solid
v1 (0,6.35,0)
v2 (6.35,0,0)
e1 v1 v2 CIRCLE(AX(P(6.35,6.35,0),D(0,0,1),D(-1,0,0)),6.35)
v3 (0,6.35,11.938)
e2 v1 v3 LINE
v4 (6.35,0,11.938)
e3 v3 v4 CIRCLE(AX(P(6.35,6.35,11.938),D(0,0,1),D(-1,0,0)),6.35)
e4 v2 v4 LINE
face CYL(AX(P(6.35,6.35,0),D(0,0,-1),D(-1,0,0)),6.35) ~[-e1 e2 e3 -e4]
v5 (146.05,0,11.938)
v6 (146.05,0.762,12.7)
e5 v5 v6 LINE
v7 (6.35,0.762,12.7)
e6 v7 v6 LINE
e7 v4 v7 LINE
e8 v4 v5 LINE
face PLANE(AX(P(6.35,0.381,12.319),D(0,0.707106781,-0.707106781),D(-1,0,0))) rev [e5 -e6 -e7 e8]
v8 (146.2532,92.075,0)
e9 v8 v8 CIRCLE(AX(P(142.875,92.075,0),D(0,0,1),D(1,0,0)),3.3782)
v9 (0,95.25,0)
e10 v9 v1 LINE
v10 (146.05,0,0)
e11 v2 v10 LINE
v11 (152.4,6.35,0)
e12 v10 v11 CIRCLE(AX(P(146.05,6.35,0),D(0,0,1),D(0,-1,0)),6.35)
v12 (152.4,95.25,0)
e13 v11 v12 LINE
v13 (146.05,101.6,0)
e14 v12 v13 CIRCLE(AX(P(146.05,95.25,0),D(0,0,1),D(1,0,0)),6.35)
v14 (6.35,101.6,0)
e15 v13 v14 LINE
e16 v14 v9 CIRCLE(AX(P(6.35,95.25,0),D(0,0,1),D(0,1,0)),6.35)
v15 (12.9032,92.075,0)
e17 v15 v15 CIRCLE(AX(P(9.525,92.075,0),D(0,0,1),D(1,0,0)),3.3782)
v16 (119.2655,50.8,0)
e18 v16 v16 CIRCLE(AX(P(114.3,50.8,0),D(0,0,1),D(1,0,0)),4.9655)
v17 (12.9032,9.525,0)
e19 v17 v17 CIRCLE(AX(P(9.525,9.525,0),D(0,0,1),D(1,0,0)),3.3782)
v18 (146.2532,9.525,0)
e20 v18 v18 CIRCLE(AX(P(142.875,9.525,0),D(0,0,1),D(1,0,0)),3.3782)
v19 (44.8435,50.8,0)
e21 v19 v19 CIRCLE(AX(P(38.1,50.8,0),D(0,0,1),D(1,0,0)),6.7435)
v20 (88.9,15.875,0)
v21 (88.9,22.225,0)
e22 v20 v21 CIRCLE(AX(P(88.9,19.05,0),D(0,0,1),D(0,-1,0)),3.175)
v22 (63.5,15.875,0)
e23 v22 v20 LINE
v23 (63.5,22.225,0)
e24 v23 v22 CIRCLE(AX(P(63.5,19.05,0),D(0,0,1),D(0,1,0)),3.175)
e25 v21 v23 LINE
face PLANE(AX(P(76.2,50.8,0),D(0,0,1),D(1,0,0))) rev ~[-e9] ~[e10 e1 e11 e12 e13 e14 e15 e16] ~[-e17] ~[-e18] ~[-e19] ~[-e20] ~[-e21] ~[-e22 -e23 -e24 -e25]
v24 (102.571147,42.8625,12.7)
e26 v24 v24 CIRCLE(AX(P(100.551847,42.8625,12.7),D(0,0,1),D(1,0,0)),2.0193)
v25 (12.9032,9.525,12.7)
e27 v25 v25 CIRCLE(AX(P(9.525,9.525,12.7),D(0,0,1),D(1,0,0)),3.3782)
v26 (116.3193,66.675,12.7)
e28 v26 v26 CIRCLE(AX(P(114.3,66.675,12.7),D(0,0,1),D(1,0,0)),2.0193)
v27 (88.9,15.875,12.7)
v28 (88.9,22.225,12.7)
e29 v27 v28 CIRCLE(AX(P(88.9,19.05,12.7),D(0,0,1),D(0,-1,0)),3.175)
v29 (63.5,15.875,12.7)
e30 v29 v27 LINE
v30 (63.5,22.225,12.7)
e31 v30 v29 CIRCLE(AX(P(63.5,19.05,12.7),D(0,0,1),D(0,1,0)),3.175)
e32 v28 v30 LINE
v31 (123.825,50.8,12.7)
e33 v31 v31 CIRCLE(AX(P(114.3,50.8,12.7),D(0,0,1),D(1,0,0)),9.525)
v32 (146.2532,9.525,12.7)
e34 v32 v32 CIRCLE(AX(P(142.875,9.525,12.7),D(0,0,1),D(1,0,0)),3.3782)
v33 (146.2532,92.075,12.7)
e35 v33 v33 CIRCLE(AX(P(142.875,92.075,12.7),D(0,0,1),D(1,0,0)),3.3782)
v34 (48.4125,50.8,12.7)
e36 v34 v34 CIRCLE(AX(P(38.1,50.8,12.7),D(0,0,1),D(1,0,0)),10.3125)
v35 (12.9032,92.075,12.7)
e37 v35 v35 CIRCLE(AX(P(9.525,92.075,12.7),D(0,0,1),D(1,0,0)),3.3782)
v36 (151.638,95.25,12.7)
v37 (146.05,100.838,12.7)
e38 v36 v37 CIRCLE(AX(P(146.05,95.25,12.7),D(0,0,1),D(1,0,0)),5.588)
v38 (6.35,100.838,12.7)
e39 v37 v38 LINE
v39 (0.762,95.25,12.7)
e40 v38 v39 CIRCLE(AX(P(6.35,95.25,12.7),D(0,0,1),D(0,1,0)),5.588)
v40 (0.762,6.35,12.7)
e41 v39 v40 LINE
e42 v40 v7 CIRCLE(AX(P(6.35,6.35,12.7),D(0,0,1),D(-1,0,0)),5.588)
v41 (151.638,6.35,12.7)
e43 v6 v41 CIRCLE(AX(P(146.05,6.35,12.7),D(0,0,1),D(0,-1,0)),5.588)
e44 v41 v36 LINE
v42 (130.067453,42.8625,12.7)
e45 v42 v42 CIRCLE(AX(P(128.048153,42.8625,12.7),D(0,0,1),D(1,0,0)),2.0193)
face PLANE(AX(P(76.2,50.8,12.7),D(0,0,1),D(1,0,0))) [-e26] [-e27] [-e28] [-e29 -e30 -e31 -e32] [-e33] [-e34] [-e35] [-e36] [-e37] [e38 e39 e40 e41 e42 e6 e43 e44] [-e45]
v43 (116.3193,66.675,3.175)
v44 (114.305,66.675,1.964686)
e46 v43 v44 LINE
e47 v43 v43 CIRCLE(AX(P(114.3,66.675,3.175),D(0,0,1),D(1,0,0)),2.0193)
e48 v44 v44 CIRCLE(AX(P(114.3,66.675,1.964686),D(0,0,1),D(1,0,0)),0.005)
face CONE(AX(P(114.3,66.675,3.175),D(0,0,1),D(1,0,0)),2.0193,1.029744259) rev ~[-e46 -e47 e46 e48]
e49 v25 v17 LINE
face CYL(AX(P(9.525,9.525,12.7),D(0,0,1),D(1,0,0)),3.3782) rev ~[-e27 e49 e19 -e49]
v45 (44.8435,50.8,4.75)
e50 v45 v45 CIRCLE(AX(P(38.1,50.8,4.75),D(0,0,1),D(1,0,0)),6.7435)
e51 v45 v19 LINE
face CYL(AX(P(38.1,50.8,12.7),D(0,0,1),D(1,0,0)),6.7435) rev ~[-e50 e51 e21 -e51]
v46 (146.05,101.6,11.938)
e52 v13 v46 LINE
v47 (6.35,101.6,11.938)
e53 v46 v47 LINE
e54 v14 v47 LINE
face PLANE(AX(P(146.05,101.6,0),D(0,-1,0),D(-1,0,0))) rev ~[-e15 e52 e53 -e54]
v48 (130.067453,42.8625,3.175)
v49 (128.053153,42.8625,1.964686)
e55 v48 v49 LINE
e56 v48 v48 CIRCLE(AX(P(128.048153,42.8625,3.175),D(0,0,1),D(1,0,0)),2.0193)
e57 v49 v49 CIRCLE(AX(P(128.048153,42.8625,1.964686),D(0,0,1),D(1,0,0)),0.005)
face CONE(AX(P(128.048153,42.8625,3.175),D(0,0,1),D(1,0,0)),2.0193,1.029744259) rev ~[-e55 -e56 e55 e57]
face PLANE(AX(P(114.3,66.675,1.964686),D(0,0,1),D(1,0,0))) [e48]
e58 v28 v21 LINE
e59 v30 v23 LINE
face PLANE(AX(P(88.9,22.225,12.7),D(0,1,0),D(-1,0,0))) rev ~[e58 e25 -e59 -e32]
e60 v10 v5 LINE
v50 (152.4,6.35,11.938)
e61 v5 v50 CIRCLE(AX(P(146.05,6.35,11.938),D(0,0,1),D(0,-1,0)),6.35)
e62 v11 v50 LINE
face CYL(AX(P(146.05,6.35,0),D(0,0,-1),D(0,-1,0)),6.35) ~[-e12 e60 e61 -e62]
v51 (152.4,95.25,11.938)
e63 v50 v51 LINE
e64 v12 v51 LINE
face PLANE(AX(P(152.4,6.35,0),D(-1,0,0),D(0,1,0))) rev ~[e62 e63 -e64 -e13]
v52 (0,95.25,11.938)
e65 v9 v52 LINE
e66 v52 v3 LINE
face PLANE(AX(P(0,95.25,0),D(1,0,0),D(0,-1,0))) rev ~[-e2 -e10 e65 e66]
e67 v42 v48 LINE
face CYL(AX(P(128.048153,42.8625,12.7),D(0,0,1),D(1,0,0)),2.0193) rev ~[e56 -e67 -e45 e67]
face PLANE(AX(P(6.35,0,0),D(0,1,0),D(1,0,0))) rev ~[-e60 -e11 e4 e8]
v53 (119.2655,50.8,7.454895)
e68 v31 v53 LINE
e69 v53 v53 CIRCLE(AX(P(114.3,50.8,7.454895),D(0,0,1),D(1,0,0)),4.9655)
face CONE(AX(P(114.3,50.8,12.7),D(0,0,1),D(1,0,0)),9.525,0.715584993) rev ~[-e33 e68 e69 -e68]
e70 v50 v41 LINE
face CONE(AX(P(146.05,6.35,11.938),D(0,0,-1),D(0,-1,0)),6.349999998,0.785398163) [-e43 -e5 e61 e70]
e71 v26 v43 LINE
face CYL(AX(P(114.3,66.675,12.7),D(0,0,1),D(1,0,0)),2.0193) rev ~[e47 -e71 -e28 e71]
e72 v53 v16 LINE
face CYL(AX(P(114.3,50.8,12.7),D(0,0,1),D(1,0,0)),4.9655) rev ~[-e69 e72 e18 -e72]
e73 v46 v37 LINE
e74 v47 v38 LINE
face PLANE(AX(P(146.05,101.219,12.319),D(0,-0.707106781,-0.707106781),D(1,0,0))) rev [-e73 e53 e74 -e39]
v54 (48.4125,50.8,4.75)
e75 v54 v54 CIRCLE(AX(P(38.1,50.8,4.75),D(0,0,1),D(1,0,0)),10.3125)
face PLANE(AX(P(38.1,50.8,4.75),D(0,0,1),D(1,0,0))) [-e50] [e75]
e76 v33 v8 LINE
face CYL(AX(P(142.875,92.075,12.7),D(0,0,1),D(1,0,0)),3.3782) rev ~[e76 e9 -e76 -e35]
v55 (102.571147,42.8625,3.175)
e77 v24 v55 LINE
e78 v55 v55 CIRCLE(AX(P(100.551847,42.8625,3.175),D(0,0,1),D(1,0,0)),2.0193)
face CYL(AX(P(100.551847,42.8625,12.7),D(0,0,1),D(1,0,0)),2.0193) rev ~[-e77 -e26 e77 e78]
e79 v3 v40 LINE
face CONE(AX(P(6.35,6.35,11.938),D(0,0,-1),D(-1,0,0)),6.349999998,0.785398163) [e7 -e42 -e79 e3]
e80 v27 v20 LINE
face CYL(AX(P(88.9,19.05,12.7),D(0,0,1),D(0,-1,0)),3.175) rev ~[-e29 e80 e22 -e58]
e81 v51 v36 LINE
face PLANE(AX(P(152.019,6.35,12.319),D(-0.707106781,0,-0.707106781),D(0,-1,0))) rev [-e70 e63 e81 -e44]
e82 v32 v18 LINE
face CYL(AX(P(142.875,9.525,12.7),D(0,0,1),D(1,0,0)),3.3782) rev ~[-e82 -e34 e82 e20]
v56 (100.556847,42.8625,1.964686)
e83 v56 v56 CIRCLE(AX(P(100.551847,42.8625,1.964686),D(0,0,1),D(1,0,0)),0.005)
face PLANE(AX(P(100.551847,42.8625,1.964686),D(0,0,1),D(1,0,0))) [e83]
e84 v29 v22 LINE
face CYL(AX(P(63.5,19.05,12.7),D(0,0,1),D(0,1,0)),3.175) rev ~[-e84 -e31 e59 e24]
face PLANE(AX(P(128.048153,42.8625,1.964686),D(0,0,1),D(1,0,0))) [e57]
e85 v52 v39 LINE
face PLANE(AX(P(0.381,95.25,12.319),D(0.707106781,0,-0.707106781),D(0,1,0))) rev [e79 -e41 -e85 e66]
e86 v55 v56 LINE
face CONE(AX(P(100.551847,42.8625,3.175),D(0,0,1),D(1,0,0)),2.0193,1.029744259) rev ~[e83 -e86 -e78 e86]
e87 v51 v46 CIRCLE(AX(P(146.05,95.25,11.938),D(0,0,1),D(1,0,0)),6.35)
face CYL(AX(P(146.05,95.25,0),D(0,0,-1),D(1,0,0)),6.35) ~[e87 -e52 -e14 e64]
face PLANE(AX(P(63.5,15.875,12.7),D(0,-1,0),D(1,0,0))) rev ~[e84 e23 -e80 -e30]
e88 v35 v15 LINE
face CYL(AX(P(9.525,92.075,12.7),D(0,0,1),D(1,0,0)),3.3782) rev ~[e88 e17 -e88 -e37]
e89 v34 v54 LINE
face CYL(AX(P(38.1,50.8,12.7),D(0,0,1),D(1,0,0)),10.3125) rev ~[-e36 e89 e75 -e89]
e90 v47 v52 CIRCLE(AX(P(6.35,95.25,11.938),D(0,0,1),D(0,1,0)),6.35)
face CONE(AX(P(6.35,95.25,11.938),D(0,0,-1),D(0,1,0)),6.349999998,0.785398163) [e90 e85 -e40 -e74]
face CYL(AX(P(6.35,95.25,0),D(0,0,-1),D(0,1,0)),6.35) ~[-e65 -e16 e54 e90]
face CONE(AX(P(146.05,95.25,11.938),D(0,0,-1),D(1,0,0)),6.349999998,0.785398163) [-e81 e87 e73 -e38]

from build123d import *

# Parameters (mm, degrees)
EXTRUDE_1_DEPTH               = 12.7
SKETCH_2_R                    = 3.3782
CUT_EXTRUDE_1_DEPTH           = 184.601770144
SKETCH_5_R                    = 10.3125
CUT_EXTRUDE_4_DEPTH           = 7.95
SKETCH_6_R                    = 6.7435
CUT_EXTRUDE_5_DEPTH           = 184.601770144
SKETCH_7_R                    = 9.525
CUT_EXTRUDE_6_DEPTH           = 5.245104753
CUT_EXTRUDE_6_DRAFT           = -41
SKETCH_8_R                    = 4.9655
CUT_EXTRUDE_7_DEPTH           = 184.601770144
SKETCH_9_R                    = 2.0193
CUT_EXTRUDE_8_DEPTH           = 9.525
SKETCH_10_R                   = 2.0193
CUT_EXTRUDE_9_DEPTH           = 1.210313545
CUT_EXTRUDE_9_DRAFT           = -59
CUT_EXTRUDE_9_PROFILE_2_DEPTH = 1.210313545
CUT_EXTRUDE_9_PROFILE_2_DRAFT = -59
CUT_EXTRUDE_9_PROFILE_3_DEPTH = 1.210313545
CUT_EXTRUDE_9_PROFILE_3_DRAFT = -59
CUT_EXTRUDE_10_DEPTH          = 184.601770144
CHAMFER_1_SIZE                = 0.762


with BuildPart() as part:
    # 草图1 → 凸台-拉伸1 (new body)
    with BuildSketch(Plane.XY):
        with BuildLine():
            Line((6.35, 0), (146.05, 0))
            ThreePointArc((146.05, 0), (150.540128061, 1.859871939), (152.4, 6.35))
            Line((152.4, 6.35), (152.4, 95.25))
            ThreePointArc((152.4, 95.25), (150.540128061, 99.740128061), (146.05, 101.6))
            Line((146.05, 101.6), (6.35, 101.6))
            ThreePointArc((6.35, 101.6), (1.859871939, 99.740128061), (0, 95.25))
            Line((0, 95.25), (0, 6.35))
            ThreePointArc((0, 6.35), (1.859871939, 1.859871939), (6.35, 0))
        make_face()
    extrude(amount=EXTRUDE_1_DEPTH)

    # 草图2 → 切除-拉伸1 (cut, through all)
    with BuildSketch(Plane.XY.offset(12.7)):
        with Locations((9.525, 9.525)):
            Circle(SKETCH_2_R)
        with Locations((142.875, 9.525)):
            Circle(SKETCH_2_R)
        with Locations((9.525, 92.075)):
            Circle(SKETCH_2_R)
        with Locations((142.875, 92.075)):
            Circle(SKETCH_2_R)
    extrude(amount=-CUT_EXTRUDE_1_DEPTH, mode=Mode.SUBTRACT)

    # 草图5 → 切除-拉伸4 (cut)
    with BuildSketch(Plane.XY.offset(12.7)):
        with Locations((38.1, 50.8)):
            Circle(SKETCH_5_R)
    extrude(amount=-CUT_EXTRUDE_4_DEPTH, mode=Mode.SUBTRACT)

    # 草图6 → 切除-拉伸5 (cut, through all)
    with BuildSketch(Plane.XY.offset(12.7)):
        with Locations((38.1, 50.8)):
            Circle(SKETCH_6_R)
    extrude(amount=-CUT_EXTRUDE_5_DEPTH, mode=Mode.SUBTRACT)


with BuildPart() as cut_extrude_6_tool:
    # 草图7 → 切除-拉伸6 (with draft: the straight prism first)
    with BuildSketch(Plane.XY.offset(12.7)):
        with Locations((114.3, 50.8)):
            Circle(SKETCH_7_R)
    extrude(amount=-CUT_EXTRUDE_6_DEPTH)
    # 切除-拉伸6: the draft: its side faces are tilted about the plane it starts from
    cut_extrude_6_sides = [cut_extrude_6_tool.faces().sort_by_distance(p)[0] for p in [
        (104.775, 50.8, 10.077447624),
    ]]
    draft(cut_extrude_6_sides, Plane.XY.offset(12.7), CUT_EXTRUDE_6_DRAFT)


with BuildPart() as part_1:
    add(part.part)

    # 切除-拉伸6: cut by cut_extrude_6_tool
    add(cut_extrude_6_tool.part, mode=Mode.SUBTRACT)

    # 草图8 → 切除-拉伸7 (cut, through all)
    with BuildSketch(Plane.XY.offset(12.7)):
        with Locations((114.3, 50.8)):
            Circle(SKETCH_8_R)
    extrude(amount=-CUT_EXTRUDE_7_DEPTH, mode=Mode.SUBTRACT)

    # 草图9 → 切除-拉伸8 (cut)
    with BuildSketch(Plane.XY.offset(12.7)):
        with Locations((114.3, 66.675)):
            Circle(SKETCH_9_R)
        with Locations((100.551847, 42.8625)):
            Circle(SKETCH_9_R)
        with Locations((128.048153, 42.8625)):
            Circle(SKETCH_9_R)
    extrude(amount=-CUT_EXTRUDE_8_DEPTH, mode=Mode.SUBTRACT)


with BuildPart() as cut_extrude_9_tool:
    # 草图10 → 切除-拉伸9 (with draft: the straight prism first)
    with BuildSketch(Plane.XY.offset(3.175)):
        with Locations((114.3, 66.675)):
            Circle(SKETCH_10_R)
    extrude(amount=-CUT_EXTRUDE_9_DEPTH)
    # 切除-拉伸9: the draft: its side faces are tilted about the plane it starts from
    cut_extrude_9_sides = [cut_extrude_9_tool.faces().sort_by_distance(p)[0] for p in [
        (112.2807, 66.675, 2.569843228),
    ]]
    draft(cut_extrude_9_sides, Plane.XY.offset(3.175), CUT_EXTRUDE_9_DRAFT)


with BuildPart() as part_2:
    add(part_1.part)

    # 切除-拉伸9: cut by cut_extrude_9_tool
    add(cut_extrude_9_tool.part, mode=Mode.SUBTRACT)


with BuildPart() as cut_extrude_9_profile_2_tool:
    # 草图10 → 切除-拉伸9 profile 2 (with draft: the straight prism first)
    with BuildSketch(Plane.XY.offset(3.175)):
        with Locations((100.551847, 42.8625)):
            Circle(SKETCH_10_R)
    extrude(amount=-CUT_EXTRUDE_9_PROFILE_2_DEPTH)
    # 切除-拉伸9 profile 2: the draft: its side faces are tilted about the plane it starts from
    cut_extrude_9_profile_2_sides = [cut_extrude_9_profile_2_tool.faces().sort_by_distance(p)[0] for p in [
        (98.532547, 42.8625, 2.569843228),
    ]]
    draft(cut_extrude_9_profile_2_sides, Plane.XY.offset(3.175), CUT_EXTRUDE_9_PROFILE_2_DRAFT)


with BuildPart() as part_3:
    add(part_2.part)

    # 切除-拉伸9 profile 2: cut by cut_extrude_9_profile_2_tool
    add(cut_extrude_9_profile_2_tool.part, mode=Mode.SUBTRACT)


with BuildPart() as cut_extrude_9_profile_3_tool:
    # 草图10 → 切除-拉伸9 profile 3 (with draft: the straight prism first)
    with BuildSketch(Plane.XY.offset(3.175)):
        with Locations((128.048153, 42.8625)):
            Circle(SKETCH_10_R)
    extrude(amount=-CUT_EXTRUDE_9_PROFILE_3_DEPTH)
    # 切除-拉伸9 profile 3: the draft: its side faces are tilted about the plane it starts from
    cut_extrude_9_profile_3_sides = [cut_extrude_9_profile_3_tool.faces().sort_by_distance(p)[0] for p in [
        (126.028853, 42.8625, 2.569843228),
    ]]
    draft(cut_extrude_9_profile_3_sides, Plane.XY.offset(3.175), CUT_EXTRUDE_9_PROFILE_3_DRAFT)


with BuildPart() as part_4:
    add(part_3.part)

    # 切除-拉伸9 profile 3: cut by cut_extrude_9_profile_3_tool
    add(cut_extrude_9_profile_3_tool.part, mode=Mode.SUBTRACT)

    # 草图11 → 切除-拉伸10 (cut, through all)
    with BuildSketch(Plane.XY.offset(12.7)):
        with BuildLine():
            Line((63.5, 15.875), (88.9, 15.875))
            ThreePointArc((88.9, 15.875), (92.075, 19.05), (88.9, 22.225))
            Line((88.9, 22.225), (63.5, 22.225))
            ThreePointArc((63.5, 22.225), (60.325, 19.05), (63.5, 15.875))
        make_face()
    extrude(amount=-CUT_EXTRUDE_10_DEPTH, mode=Mode.SUBTRACT)

    # 倒角1
    chamfer_1_edges = [part_4.edges().sort_by_distance(p)[0] for p in [
        (150.540128061, 1.859871939, 12.7),
        (152.4, 50.8, 12.7),
        (150.540128061, 99.740128061, 12.7),
        (76.2, 101.6, 12.7),
        (1.859871939, 99.740128061, 12.7),
        (0, 50.8, 12.7),
        (1.859871939, 1.859871939, 12.7),
        (76.2, 0, 12.7),
    ]]
    chamfer(chamfer_1_edges, length=CHAMFER_1_SIZE)


solid = part_4.part
